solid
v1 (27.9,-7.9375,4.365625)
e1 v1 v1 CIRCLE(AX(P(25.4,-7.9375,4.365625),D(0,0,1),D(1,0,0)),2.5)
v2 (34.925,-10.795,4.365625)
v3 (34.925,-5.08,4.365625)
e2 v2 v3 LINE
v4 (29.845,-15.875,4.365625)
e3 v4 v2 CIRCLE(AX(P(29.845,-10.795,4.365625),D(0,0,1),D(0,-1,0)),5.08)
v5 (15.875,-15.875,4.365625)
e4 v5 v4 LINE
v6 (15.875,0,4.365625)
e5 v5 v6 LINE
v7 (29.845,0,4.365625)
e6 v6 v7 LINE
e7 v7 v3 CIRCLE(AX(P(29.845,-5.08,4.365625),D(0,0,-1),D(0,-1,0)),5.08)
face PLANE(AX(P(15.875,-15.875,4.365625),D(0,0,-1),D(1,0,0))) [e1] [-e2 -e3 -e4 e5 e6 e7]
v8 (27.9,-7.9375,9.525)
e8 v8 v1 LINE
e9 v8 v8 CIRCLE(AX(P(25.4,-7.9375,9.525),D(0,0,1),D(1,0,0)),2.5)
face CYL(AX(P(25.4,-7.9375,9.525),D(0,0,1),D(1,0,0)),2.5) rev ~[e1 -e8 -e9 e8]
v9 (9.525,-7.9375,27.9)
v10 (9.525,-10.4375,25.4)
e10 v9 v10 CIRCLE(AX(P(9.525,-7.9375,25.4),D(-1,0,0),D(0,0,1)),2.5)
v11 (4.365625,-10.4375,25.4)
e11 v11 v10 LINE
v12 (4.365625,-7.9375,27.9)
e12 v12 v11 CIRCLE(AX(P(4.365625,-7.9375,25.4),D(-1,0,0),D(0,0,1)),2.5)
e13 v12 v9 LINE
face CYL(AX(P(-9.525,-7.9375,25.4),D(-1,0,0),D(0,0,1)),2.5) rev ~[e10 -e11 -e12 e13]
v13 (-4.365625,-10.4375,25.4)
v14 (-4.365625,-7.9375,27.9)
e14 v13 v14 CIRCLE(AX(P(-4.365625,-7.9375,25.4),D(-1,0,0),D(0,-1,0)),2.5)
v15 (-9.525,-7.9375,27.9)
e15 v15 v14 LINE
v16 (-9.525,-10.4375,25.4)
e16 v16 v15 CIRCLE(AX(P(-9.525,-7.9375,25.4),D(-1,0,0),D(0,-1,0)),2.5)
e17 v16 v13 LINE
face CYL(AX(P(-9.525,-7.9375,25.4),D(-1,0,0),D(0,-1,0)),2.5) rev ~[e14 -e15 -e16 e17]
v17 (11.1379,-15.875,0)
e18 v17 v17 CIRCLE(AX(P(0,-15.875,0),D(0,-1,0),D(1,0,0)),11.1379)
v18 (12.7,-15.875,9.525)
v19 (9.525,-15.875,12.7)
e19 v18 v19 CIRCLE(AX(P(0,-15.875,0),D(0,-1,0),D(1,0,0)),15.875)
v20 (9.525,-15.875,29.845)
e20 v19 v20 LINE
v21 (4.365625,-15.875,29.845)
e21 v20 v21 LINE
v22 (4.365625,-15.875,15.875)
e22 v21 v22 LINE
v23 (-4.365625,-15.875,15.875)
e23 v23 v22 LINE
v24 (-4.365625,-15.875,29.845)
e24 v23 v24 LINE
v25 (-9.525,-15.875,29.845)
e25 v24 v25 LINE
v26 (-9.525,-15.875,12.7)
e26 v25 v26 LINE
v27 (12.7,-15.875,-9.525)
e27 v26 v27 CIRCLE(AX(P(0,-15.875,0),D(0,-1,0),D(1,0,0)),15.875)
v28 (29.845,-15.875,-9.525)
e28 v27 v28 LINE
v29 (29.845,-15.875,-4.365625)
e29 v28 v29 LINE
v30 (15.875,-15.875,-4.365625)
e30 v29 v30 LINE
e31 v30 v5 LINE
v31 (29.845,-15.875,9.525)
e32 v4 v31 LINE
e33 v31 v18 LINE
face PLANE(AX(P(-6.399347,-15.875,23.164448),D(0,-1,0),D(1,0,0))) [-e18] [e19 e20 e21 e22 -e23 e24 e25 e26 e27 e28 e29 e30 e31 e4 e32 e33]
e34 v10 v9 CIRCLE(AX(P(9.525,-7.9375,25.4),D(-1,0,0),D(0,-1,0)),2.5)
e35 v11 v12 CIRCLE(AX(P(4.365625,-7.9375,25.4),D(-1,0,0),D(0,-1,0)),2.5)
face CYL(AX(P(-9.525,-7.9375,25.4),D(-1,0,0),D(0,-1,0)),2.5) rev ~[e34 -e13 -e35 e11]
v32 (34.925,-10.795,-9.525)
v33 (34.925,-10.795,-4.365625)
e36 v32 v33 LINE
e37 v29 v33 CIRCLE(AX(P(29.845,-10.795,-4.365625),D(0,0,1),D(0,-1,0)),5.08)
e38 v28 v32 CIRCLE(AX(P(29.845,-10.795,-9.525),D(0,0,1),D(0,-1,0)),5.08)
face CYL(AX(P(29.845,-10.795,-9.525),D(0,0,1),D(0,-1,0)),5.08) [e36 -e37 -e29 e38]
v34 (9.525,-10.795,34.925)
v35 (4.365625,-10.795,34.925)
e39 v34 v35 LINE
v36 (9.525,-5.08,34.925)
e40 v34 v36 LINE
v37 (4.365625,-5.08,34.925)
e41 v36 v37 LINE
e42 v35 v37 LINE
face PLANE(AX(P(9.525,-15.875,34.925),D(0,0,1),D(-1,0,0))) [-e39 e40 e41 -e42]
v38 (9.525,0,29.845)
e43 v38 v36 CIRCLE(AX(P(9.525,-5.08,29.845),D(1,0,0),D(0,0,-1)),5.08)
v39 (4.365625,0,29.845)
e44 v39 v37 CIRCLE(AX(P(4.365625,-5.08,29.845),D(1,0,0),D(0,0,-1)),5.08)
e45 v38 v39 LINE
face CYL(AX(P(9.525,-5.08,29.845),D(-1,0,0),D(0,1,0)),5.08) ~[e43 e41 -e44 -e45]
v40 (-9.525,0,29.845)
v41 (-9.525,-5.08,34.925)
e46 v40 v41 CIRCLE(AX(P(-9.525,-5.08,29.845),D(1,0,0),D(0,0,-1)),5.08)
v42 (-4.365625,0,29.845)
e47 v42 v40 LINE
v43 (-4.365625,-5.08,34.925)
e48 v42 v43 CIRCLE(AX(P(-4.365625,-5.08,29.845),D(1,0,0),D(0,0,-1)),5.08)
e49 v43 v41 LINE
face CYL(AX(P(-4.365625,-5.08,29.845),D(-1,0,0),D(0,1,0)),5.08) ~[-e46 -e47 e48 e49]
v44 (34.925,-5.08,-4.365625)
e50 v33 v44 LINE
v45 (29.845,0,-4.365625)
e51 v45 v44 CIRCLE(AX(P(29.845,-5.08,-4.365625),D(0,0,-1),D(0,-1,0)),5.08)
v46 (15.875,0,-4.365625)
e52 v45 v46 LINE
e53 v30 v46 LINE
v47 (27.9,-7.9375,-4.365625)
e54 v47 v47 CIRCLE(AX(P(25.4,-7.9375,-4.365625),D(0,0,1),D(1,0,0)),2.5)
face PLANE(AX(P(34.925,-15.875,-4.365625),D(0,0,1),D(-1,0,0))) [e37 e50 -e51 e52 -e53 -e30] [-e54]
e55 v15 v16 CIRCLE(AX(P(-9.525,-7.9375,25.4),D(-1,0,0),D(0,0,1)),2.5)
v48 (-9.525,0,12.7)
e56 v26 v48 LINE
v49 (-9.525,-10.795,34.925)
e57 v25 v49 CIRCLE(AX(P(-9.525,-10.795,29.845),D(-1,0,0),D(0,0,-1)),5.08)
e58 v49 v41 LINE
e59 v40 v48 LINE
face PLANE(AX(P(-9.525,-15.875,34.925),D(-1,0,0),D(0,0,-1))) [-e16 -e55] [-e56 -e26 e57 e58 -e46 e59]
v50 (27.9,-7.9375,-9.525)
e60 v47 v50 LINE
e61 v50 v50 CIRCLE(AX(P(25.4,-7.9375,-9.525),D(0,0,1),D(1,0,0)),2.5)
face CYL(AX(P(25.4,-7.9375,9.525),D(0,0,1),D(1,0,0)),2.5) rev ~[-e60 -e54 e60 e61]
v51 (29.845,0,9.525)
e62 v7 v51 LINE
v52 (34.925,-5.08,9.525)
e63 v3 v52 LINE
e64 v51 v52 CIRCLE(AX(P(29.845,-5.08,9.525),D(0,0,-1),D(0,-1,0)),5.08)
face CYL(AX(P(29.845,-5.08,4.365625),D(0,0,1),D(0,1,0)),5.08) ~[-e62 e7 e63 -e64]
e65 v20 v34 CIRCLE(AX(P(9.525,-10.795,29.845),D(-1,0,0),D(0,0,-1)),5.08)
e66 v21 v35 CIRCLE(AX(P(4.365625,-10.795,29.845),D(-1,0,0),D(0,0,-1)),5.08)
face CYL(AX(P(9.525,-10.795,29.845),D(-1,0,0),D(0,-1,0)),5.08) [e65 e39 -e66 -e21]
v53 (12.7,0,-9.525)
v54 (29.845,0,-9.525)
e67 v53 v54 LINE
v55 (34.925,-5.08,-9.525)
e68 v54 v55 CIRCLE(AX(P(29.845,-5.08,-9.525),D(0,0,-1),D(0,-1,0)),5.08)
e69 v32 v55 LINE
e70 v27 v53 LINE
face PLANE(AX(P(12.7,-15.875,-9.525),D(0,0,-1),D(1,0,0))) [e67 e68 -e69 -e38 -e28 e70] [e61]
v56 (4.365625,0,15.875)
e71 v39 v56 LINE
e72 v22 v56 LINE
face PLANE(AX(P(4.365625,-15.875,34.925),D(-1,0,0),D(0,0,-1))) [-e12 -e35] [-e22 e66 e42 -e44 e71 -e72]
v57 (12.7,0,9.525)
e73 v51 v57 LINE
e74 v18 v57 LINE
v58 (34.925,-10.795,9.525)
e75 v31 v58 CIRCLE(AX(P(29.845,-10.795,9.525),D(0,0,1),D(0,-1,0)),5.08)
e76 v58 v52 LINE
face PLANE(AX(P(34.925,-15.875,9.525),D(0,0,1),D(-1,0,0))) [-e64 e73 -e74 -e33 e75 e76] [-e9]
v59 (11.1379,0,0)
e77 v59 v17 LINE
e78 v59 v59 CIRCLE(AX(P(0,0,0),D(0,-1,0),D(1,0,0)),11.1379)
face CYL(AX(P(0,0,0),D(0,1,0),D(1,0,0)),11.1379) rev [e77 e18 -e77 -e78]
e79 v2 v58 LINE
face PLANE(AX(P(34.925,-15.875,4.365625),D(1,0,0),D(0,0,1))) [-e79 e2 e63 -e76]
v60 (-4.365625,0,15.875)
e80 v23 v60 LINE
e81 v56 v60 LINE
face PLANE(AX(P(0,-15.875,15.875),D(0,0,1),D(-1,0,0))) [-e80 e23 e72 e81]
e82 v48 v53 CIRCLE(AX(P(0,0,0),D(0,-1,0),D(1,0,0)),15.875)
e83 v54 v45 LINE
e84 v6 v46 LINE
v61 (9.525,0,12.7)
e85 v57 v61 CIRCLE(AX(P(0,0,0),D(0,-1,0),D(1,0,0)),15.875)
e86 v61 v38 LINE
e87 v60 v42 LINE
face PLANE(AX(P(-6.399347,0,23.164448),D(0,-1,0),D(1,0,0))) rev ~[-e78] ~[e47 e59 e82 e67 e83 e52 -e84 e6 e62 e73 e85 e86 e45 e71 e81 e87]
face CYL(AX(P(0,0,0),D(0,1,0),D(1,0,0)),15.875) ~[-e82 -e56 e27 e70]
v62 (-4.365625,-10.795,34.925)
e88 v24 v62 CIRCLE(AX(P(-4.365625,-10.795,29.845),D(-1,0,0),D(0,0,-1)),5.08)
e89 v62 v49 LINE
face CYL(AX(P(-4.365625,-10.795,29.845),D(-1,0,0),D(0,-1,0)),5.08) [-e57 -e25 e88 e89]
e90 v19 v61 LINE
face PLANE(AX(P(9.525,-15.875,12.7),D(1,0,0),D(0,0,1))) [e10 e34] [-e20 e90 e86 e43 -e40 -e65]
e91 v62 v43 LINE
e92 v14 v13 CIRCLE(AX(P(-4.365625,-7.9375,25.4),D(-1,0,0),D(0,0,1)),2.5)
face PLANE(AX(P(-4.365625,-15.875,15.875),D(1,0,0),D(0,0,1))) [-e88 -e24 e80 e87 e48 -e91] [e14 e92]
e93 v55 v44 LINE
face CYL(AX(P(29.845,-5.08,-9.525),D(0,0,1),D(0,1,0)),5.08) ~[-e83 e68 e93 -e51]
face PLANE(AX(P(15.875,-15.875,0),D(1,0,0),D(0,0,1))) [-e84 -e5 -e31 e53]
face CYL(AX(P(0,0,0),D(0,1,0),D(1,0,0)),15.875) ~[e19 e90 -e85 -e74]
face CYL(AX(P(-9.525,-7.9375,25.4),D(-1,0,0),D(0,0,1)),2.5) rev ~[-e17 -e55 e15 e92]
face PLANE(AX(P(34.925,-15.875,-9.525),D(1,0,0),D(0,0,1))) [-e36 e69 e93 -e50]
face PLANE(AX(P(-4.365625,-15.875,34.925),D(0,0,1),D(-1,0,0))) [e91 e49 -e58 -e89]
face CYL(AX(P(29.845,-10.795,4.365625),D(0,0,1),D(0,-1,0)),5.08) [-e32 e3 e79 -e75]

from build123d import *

# Parameters (mm, degrees)
F0_R     = 15.875
F0_R_2   = 11.1379
F1_DEPTH = 15.875
F3_DEPTH = 15.875
F4_R     = 11.1379
F5_DEPTH = 15.876
F6_R     = 2.5
F7_DEPTH = 25.401
F9_DEPTH = 44.451
F10_R    = 5.08


with BuildPart() as f1:
    # F0 (on Front) → F1 (new body)
    with BuildSketch(Plane.XZ):
        Circle(F0_R)
        Circle(F0_R_2, mode=Mode.SUBTRACT)
    extrude(amount=F1_DEPTH)

    # F2 (on face) → F3 (join, through all)
    with BuildSketch(Plane.XZ.offset(15.875)):
        with BuildLine():
            Line((-4.365625, 15.875), (-4.365625, 34.925))
            Line((-4.365625, 34.925), (-9.525, 34.925))
            Line((-9.525, 34.925), (-9.525, 12.7))
            ThreePointArc((-9.525, 12.7), (-5.0201157855, 15.0603473566), (0, 15.875))
            Line((0, 15.875), (-4.365625, 15.875))
        make_face()
        with BuildLine():
            Line((9.525, 12.7), (9.525, 34.925))
            Line((9.525, 34.925), (4.365625, 34.925))
            Line((4.365625, 34.925), (4.365625, 15.875))
            Line((4.365625, 15.875), (0, 15.875))
            ThreePointArc((0, 15.875), (5.0201157855, 15.0603473566), (9.525, 12.7))
        make_face()
        with BuildLine():
            Line((34.925, 9.525), (12.7, 9.525))
            ThreePointArc((12.7, 9.525), (15.0603473566, 5.0201157855), (15.875, 0))
            Line((15.875, 0), (15.875, 4.365625))
            Line((15.875, 4.365625), (34.925, 4.365625))
            Line((34.925, 4.365625), (34.925, 9.525))
        make_face()
        with BuildLine():
            Line((15.875, -4.365625), (15.875, 0))
            ThreePointArc((15.875, 0), (15.0603473566, -5.0201157855), (12.7, -9.525))
            Line((12.7, -9.525), (34.925, -9.525))
            Line((34.925, -9.525), (34.925, -4.365625))
            Line((34.925, -4.365625), (15.875, -4.365625))
        make_face()
    extrude(amount=-F3_DEPTH)

    # F4 (on Front) → F5 (cut, through all)
    with BuildSketch(Plane.XZ):
        Circle(F4_R)
    extrude(amount=F5_DEPTH, mode=Mode.SUBTRACT)

    # F6 (on face) → F7 (cut, through all)
    with BuildSketch(Plane.XY.offset(9.525)):
        with Locations((25.4, -7.9375)):
            Circle(F6_R)
    extrude(amount=-F7_DEPTH, mode=Mode.SUBTRACT)

    # F8 (on face) → F9 (cut, through all)
    with BuildSketch(Plane(origin=(-9.525, 0, 0), x_dir=(0, -1, 0), z_dir=(-1, 0, 0))):
        with BuildLine():
            ThreePointArc((7.9375, 27.9), (6.169733047, 23.632233047), (10.4375, 25.4))
            ThreePointArc((10.4375, 25.4), (9.705266953, 27.167766953), (7.9375, 27.9))
        make_face()
    extrude(amount=-F9_DEPTH, mode=Mode.SUBTRACT)

    # F10
    f10_edges = [f1.edges().sort_by_distance(p)[0] for p in [
        (-6.945312, 0, 34.925),
        (6.945312, 0, 34.925),
        (6.945312, -15.875, 34.925),
        (-6.945312, -15.875, 34.925),
        (34.925, 0, 6.945312),
        (34.925, 0, -6.945312),
        (34.925, -15.875, 6.945312),
        (34.925, -15.875, -6.945312),
    ]]
    fillet(f10_edges, radius=F10_R)


solid = f1.part
